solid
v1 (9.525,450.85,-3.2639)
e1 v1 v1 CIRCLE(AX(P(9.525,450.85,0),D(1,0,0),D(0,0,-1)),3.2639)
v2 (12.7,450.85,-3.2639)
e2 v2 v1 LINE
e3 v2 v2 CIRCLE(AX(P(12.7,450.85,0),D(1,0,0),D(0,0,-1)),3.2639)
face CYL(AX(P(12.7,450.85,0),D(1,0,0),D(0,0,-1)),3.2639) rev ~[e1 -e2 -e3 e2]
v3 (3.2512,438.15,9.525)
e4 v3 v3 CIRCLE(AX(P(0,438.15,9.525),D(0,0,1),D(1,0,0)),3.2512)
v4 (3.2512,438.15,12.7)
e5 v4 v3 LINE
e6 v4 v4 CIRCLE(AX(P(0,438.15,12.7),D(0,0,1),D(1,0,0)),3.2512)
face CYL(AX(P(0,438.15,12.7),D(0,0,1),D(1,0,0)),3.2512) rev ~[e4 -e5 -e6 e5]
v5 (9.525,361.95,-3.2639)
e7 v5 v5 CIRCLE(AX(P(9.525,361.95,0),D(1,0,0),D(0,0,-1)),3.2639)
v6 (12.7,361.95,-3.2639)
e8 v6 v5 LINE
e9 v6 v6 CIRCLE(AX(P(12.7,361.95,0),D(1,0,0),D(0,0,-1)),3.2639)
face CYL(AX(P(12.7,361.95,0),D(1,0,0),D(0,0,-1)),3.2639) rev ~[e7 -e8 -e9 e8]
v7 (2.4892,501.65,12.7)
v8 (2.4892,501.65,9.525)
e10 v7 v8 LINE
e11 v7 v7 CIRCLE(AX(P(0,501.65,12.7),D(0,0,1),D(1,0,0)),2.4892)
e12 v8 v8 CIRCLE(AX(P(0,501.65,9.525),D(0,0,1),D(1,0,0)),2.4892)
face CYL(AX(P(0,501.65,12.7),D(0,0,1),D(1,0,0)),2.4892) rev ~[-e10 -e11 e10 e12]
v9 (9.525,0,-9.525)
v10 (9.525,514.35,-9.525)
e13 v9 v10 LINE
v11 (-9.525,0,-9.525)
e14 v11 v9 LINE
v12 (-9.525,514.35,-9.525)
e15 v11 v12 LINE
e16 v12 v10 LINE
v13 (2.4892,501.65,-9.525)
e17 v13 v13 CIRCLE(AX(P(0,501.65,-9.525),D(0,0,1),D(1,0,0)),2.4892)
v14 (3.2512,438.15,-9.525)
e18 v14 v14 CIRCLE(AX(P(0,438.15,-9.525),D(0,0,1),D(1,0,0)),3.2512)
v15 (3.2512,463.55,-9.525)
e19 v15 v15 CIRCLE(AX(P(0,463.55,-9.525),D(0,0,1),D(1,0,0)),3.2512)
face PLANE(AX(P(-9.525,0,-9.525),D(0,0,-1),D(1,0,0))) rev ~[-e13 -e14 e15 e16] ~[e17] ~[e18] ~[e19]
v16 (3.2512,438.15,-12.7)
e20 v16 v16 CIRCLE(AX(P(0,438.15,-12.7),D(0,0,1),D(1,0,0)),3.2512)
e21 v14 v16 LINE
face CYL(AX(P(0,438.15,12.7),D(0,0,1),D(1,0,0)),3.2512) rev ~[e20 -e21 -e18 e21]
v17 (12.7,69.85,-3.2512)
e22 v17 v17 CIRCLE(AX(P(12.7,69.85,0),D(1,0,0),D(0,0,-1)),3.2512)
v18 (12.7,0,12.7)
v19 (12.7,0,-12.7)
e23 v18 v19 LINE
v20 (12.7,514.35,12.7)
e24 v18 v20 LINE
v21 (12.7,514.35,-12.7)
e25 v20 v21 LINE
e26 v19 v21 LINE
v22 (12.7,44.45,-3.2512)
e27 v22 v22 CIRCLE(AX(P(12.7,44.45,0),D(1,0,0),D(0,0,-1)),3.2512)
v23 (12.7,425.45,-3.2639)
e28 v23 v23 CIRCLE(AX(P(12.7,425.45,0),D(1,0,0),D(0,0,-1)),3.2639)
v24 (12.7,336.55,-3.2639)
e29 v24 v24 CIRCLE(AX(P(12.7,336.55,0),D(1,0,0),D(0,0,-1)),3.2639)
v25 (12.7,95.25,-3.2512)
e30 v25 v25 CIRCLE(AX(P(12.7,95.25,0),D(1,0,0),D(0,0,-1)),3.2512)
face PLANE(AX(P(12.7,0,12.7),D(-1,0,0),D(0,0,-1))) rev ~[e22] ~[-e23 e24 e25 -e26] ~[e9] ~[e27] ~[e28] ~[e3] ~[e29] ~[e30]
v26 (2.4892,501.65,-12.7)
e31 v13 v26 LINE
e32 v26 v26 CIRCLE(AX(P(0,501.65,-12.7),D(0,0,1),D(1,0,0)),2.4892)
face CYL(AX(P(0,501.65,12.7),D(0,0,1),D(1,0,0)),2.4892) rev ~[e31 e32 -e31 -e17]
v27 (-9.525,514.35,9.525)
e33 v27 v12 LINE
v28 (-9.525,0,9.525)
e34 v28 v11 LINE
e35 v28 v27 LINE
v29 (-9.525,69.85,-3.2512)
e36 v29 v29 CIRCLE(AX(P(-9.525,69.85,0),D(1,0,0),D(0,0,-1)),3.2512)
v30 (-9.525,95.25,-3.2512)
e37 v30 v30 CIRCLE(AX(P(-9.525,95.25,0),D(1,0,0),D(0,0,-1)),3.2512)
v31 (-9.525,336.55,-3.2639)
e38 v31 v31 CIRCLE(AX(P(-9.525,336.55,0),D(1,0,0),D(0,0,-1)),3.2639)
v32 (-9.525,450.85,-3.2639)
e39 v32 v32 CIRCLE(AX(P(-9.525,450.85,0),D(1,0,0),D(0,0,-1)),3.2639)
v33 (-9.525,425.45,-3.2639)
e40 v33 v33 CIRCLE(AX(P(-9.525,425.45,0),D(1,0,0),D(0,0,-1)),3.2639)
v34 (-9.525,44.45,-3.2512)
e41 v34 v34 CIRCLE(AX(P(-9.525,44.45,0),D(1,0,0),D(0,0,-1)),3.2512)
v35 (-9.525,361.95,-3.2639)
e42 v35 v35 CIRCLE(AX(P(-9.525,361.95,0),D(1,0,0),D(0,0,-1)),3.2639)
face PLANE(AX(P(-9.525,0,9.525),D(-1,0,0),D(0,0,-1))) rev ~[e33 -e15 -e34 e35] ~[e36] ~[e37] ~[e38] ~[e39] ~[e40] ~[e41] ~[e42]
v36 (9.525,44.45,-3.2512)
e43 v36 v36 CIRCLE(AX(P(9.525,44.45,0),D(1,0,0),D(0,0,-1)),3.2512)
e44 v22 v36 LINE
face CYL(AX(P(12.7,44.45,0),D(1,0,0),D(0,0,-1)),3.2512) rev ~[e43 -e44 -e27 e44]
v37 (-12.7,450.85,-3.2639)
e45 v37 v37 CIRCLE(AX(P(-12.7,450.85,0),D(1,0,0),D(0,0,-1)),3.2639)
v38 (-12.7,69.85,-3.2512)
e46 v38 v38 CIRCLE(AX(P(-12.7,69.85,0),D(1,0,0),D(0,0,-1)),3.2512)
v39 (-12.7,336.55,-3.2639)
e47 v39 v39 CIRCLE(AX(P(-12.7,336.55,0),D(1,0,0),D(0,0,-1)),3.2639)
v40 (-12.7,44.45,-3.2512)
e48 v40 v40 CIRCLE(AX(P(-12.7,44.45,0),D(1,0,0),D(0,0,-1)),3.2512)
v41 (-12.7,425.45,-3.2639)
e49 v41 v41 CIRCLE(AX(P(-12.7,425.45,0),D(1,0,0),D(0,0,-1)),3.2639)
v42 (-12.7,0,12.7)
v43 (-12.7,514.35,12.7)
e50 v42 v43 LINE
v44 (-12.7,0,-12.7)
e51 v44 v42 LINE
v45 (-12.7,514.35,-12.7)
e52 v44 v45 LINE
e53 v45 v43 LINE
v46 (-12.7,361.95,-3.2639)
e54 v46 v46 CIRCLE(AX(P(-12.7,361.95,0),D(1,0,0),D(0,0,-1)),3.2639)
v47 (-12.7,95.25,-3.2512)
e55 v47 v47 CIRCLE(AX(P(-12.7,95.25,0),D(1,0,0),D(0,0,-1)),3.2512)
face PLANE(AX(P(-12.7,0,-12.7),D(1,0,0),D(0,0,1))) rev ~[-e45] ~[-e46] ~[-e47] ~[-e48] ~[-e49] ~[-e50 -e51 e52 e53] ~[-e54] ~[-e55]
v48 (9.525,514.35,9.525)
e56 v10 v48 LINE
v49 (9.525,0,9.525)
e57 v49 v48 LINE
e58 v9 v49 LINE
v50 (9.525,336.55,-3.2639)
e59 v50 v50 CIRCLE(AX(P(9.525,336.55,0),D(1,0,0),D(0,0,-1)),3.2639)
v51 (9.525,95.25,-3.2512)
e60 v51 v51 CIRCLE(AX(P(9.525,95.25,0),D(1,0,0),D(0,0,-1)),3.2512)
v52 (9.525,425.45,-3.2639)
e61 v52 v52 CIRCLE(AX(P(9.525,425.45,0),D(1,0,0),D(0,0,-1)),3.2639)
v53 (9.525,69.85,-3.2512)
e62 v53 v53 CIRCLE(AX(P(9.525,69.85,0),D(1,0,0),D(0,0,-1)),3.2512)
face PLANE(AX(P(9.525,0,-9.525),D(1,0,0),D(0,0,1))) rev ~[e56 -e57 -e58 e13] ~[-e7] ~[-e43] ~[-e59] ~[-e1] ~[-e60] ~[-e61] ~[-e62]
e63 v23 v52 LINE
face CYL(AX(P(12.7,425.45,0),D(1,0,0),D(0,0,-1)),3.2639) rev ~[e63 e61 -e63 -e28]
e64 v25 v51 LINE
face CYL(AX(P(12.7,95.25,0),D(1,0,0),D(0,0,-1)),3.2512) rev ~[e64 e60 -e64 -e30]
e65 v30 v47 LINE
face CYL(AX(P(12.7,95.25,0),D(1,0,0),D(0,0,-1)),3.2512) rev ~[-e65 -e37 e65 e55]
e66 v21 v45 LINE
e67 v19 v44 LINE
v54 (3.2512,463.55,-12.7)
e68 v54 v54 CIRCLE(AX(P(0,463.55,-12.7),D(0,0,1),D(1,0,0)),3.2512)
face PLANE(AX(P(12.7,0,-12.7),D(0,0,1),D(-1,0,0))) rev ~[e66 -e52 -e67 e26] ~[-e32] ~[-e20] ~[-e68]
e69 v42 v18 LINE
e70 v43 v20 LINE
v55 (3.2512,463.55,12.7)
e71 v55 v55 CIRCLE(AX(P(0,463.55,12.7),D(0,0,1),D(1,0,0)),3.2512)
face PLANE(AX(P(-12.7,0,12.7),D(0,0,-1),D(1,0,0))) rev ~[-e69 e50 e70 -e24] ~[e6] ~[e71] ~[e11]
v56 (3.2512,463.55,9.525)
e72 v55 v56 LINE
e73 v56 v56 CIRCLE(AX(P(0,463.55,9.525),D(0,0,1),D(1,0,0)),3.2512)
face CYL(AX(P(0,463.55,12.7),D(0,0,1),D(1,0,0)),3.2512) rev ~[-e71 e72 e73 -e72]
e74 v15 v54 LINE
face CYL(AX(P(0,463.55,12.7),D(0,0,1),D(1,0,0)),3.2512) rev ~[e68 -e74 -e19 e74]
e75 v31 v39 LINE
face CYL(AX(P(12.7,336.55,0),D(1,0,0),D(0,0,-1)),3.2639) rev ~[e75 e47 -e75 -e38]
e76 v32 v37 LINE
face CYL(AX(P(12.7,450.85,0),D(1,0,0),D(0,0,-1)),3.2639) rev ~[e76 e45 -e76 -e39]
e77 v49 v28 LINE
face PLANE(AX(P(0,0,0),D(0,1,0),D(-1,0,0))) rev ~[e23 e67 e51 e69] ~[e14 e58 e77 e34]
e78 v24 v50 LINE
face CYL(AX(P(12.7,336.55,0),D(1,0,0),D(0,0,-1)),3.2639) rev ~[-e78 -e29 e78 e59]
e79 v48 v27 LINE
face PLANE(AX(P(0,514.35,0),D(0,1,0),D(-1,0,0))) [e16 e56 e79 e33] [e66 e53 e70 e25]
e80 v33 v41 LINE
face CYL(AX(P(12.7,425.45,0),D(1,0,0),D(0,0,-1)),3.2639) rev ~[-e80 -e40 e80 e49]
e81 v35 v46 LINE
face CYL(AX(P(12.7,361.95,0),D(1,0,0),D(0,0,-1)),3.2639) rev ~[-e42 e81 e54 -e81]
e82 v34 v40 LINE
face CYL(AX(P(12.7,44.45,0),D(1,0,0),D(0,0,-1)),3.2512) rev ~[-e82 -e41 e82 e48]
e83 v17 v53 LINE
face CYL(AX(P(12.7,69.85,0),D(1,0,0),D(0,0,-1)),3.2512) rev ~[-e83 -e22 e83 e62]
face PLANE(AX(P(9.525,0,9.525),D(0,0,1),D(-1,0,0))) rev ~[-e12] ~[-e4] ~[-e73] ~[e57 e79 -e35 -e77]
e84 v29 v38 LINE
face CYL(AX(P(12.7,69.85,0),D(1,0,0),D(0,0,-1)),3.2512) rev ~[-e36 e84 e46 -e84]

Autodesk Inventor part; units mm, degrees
ref_plane "YZ Plane" through (0, 0, 0) normal (1, 0, 0) x (0, 1, 0)
ref_plane "XZ Plane" through (0, 0, 0) normal (0, 1, 0) x (-1, 0, 0)
ref_plane "XY Plane" through (0, 0, 0) normal (0, 0, 1) x (1, 0, 0)
sketch "Sketch1" plane through (0, 0, 0) normal (0, 1, 0) x (-1, 0, 0)
  line L0 (-12.7, -12.7) -> (12.7, -12.7)
  line L1 (12.7, -12.7) -> (12.7, 12.7)
  line L2 (12.7, 12.7) -> (-12.7, 12.7)
  line L3 (-12.7, 12.7) -> (-12.7, -12.7)
  line L4 (-12.7, -12.7) -> (12.7, 12.7) construction
  line L5 (12.7, -12.7) -> (-12.7, 12.7) construction
  line L6 (9.525, 9.525) -> (9.525, -9.525)
  line L7 (9.525, -9.525) -> (-9.525, -9.525)
  line L8 (-9.525, -9.525) -> (-9.525, 9.525)
  line L9 (-9.525, 9.525) -> (9.525, 9.525)
  point P0 (0, 0)
  dimension "d0" = 25.4
  dimension "d1" = 25.4
  dimension "d2" = 3.175
extrude "Extrusion1" add sketch "Sketch1" along normal blind 514.35
sketch "Sketch4" plane through (-12.7, 0, 12.7) normal (0, 0, 1) x (1, 0, 0)
  line L0 (25.4, 488.95) -> (0, 488.95) construction
  line L1 (0, 488.95) -> (0, 514.35) construction
  line L2 (0, 514.35) -> (25.4, 514.35) construction
  line L3 (25.4, 514.35) -> (25.4, 488.95) construction
  line L4 (25.4, 488.95) -> (0, 514.35) construction
  line L5 (0, 488.95) -> (25.4, 514.35) construction
  circle A0 centre (12.7, 501.65) radius 2.4892
  circle A1 centre (12.7, 463.55) radius 3.2512
  circle A2 centre (12.7, 438.15) radius 3.2512
  point P0 (12.7, 0)
  dimension "d18" = 25.4
  dimension "d19" = 25.4
  dimension "d20" = 4.9784
  dimension "d21" = 6.5024
  dimension "d23" = 25.4
  dimension "d26" = 25.4
extrude "Extrusion4" cut sketch "Sketch4" against normal blind 25.4
sketch "Sketch5" plane through (12.7, 0, 12.7) normal (1, 0, 0) x (0, 0, -1)
  line L0 (0, 0) -> (25.4, 0) construction
  line L1 (3.175, 0) -> (22.225, 0) construction
  line L2 (22.225, 0) -> (22.225, 38.1) construction
  line L3 (22.225, 38.1) -> (3.175, 38.1) construction
  line L4 (3.175, 38.1) -> (3.175, 0) construction
  circle A0 centre (12.7, 44.45) radius 3.2512
  circle A1 centre (12.7, 69.85) radius 3.2512
  circle A2 centre (12.7, 95.25) radius 3.2512
  circle A3 centre (12.7, 336.55) radius 3.2639
  circle A4 centre (12.7, 361.95) radius 3.2639
  circle A5 centre (12.7, 425.45) radius 3.2639
  circle A6 centre (12.7, 450.85) radius 3.2639
  point P0 (12.7, 0)
  point P1 (12.7, 38.1)
  dimension "d27" = 19.05
  dimension "d28" = 38.1
  dimension "d29" = 3.175
  dimension "d30" = 6.5024
  dimension "d31" = 6.35
  dimension "d32" = 25.4
  dimension "d33" = 25.4
  dimension "d38" = 6.5278
  dimension "d39" = 336.55
  dimension "d40" = 25.4
  dimension "d41" = 63.5
  dimension "d42" = 25.4
extrude "Extrusion5" cut sketch "Sketch5" against normal blind 25.4
properties part number "STRU_012_BilletPoleMiddle" material "Aluminum 6061"
